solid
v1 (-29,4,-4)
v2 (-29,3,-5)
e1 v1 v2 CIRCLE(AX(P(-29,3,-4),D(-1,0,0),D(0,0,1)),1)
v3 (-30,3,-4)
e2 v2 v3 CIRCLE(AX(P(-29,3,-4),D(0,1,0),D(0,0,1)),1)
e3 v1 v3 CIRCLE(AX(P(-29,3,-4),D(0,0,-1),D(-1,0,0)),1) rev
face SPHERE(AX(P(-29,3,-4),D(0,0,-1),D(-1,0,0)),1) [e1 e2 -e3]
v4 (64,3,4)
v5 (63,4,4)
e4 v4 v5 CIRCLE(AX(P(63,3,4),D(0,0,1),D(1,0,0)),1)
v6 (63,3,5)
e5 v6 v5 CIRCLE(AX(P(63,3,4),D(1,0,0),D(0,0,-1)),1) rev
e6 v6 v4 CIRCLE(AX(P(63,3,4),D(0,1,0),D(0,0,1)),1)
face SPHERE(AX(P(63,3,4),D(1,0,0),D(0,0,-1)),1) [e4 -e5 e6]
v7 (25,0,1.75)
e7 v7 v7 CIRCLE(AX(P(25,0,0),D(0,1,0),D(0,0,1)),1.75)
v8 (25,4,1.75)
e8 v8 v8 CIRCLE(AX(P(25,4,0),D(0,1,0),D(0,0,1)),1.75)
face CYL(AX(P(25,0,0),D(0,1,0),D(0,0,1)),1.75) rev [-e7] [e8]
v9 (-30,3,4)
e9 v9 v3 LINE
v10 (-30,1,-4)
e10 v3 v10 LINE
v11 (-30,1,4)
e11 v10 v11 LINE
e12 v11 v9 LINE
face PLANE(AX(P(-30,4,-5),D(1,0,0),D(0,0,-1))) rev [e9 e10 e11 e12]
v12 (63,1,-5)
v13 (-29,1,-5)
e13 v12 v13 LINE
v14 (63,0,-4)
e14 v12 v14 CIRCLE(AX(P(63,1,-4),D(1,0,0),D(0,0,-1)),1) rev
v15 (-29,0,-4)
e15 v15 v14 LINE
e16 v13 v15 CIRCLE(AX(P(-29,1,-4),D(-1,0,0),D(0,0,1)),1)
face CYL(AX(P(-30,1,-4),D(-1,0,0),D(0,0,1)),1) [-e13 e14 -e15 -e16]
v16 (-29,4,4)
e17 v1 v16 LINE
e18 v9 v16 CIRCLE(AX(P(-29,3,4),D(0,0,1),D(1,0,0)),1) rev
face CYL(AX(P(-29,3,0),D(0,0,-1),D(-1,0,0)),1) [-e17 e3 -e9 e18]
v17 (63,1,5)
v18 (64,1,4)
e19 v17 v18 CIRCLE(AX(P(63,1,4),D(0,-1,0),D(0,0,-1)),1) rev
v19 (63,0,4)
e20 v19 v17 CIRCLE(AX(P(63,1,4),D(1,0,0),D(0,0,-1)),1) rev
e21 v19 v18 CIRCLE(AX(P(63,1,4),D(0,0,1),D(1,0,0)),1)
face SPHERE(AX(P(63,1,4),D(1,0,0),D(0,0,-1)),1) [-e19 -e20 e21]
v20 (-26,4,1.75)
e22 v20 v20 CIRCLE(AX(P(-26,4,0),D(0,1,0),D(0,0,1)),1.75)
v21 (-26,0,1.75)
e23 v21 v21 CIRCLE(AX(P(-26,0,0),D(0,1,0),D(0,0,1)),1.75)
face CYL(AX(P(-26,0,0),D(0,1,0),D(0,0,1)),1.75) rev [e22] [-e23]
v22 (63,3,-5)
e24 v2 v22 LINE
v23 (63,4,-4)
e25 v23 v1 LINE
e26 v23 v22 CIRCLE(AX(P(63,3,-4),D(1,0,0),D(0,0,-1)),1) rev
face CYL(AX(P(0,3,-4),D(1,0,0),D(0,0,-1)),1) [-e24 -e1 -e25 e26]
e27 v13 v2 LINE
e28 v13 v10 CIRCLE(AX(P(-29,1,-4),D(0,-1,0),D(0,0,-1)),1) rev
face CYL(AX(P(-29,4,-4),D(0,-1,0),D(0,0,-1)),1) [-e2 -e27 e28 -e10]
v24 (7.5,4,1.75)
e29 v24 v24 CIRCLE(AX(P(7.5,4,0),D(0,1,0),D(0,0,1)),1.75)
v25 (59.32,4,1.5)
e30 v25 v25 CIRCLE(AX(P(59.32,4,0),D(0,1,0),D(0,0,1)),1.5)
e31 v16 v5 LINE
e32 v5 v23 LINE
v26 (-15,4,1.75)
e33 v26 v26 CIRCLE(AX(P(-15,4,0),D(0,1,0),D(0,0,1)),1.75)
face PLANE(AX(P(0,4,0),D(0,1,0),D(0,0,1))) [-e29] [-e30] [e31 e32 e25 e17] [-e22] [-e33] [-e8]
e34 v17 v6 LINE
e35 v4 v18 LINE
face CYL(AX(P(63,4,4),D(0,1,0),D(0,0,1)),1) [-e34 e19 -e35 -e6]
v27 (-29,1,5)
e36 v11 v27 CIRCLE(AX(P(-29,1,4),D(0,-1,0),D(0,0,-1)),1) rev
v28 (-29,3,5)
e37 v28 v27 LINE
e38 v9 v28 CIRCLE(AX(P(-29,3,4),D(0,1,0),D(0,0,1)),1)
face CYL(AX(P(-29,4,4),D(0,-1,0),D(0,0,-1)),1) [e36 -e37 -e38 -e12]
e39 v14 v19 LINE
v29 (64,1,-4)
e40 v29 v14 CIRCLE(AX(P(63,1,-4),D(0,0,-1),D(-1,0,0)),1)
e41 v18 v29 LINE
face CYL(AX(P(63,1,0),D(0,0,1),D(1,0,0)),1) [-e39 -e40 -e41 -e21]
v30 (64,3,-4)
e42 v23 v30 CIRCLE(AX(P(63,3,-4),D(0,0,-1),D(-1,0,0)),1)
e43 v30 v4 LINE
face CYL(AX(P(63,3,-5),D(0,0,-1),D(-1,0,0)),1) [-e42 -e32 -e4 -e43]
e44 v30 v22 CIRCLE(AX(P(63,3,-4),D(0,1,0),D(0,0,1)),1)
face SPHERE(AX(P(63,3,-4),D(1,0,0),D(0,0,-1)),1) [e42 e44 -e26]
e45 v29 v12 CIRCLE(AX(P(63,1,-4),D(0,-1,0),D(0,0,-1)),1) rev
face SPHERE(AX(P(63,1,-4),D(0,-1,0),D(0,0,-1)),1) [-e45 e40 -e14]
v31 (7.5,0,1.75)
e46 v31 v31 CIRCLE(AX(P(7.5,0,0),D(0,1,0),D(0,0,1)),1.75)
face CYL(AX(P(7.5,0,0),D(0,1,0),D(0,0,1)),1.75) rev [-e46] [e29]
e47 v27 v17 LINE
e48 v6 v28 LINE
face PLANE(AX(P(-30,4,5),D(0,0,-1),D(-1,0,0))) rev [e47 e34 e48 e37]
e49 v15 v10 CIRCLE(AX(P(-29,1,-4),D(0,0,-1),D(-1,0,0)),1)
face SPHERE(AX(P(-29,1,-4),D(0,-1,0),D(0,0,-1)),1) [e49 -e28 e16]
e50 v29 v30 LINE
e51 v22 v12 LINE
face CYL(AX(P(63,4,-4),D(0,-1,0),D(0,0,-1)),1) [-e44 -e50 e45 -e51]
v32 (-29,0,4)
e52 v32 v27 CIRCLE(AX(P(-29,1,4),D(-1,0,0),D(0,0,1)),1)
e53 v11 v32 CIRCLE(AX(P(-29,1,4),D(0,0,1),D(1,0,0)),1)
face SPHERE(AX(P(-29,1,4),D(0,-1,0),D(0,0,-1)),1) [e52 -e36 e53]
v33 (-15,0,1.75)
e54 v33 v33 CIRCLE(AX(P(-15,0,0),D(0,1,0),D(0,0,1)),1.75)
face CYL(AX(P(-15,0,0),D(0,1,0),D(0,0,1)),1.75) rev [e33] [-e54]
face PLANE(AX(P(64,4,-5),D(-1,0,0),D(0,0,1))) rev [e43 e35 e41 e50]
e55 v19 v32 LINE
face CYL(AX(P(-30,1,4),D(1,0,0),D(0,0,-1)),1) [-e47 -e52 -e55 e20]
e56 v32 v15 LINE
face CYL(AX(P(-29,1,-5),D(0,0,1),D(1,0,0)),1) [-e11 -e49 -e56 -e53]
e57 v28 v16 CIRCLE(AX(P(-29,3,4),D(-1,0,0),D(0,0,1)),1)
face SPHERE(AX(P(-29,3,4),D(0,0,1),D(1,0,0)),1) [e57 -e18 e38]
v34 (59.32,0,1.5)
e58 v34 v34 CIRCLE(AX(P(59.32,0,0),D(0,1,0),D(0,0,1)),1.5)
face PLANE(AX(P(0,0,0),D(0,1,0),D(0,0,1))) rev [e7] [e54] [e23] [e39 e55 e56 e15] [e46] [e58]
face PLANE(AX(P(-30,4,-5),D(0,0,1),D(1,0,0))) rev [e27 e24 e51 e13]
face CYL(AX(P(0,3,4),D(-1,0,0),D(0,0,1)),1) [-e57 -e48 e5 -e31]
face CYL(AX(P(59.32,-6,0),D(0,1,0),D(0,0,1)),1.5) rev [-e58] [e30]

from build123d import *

# Parameters (mm, degrees)
SKETCH1_W               = 60
SKETCH1_H               = 10
BOSS_EXTRUDE1_DEPTH     = 4
SKETCH2_R               = 1.75
CUT_EXTRUDE1_DEPTH      = 4
SKETCH3_W               = 10
SKETCH3_H               = 4
BOSS_EXTRUDE2_DEPTH     = 40
SKETCH4_R               = 1.5
CUT_EXTRUDE2_DEPTH      = 10
CUT_EXTRUDE3_DEPTH      = 71.823724839
CUT_EXTRUDE3_DEPTH_BACK = 71.823724839
SKETCH5_W               = 6
SKETCH5_H               = 4
FILLET1_R               = 1


with BuildPart() as part:
    # Sketch1 → Boss-Extrude1 (new body)
    with BuildSketch(Plane(origin=(0, 0, 0), x_dir=(1, 0, 0), z_dir=(0, 1, 0))):
        Rectangle(SKETCH1_W, SKETCH1_H)
    extrude(amount=BOSS_EXTRUDE1_DEPTH)

    # Sketch2 → Cut-Extrude1 (cut)
    with BuildSketch(Plane(origin=(0, 4, 0), x_dir=(1, 0, 0), z_dir=(0, 1, 0))):
        with Locations(Location((-26, 0, 0), (0, 0, 270))):
            Circle(SKETCH2_R)
        with Locations(Location((7.5, 0, 0), (0, 0, 270))):
            Circle(SKETCH2_R)
        with Locations(Location((25, 0, 0), (0, 0, 270))):
            Circle(SKETCH2_R)
        with Locations(Location((-15, 0, 0), (0, 0, 270))):
            Circle(SKETCH2_R)
    extrude(amount=-CUT_EXTRUDE1_DEPTH, mode=Mode.SUBTRACT)

    # Sketch3 → Boss-Extrude2 (add)
    with BuildSketch(Plane(origin=(30, 0, 0), x_dir=(0, 0, -1), z_dir=(1, 0, 0))):
        with Locations((0, 2)):
            Rectangle(SKETCH3_W, SKETCH3_H)
    extrude(amount=BOSS_EXTRUDE2_DEPTH)

    # Sketch4 → Cut-Extrude2 (cut)
    with BuildSketch(Plane(origin=(0, 4, 0), x_dir=(1, 0, 0), z_dir=(0, 1, 0))):
        with Locations(Location((59.32, 0, 0), (0, 0, 270))):
            Circle(SKETCH4_R)
    extrude(amount=-CUT_EXTRUDE2_DEPTH, mode=Mode.SUBTRACT)

    # Sketch5 → Cut-Extrude3 (cut, two sides: drawn at the far end of the back side and taken through both)
    with BuildSketch(Plane.XY.offset(5).offset(-CUT_EXTRUDE3_DEPTH_BACK)):
        with Locations((67, 2)):
            Rectangle(SKETCH5_W, SKETCH5_H)
    extrude(amount=CUT_EXTRUDE3_DEPTH + CUT_EXTRUDE3_DEPTH_BACK, mode=Mode.SUBTRACT)

    # Fillet1
    fillet1_edges = [part.edges().sort_by_distance(p)[0] for p in [
        (-30, 4, 0),
        (17, 4, 5),
        (17, 0, 5),
        (17, 0, -5),
        (17, 4, -5),
        (-30, 0, 0),
        (64, 0, 0),
        (64, 2, 5),
        (64, 2, -5),
        (64, 4, 0),
        (-30, 2, 5),
        (-30, 2, -5),
    ]]
    fillet(fillet1_edges, radius=FILLET1_R)


solid = part.part
